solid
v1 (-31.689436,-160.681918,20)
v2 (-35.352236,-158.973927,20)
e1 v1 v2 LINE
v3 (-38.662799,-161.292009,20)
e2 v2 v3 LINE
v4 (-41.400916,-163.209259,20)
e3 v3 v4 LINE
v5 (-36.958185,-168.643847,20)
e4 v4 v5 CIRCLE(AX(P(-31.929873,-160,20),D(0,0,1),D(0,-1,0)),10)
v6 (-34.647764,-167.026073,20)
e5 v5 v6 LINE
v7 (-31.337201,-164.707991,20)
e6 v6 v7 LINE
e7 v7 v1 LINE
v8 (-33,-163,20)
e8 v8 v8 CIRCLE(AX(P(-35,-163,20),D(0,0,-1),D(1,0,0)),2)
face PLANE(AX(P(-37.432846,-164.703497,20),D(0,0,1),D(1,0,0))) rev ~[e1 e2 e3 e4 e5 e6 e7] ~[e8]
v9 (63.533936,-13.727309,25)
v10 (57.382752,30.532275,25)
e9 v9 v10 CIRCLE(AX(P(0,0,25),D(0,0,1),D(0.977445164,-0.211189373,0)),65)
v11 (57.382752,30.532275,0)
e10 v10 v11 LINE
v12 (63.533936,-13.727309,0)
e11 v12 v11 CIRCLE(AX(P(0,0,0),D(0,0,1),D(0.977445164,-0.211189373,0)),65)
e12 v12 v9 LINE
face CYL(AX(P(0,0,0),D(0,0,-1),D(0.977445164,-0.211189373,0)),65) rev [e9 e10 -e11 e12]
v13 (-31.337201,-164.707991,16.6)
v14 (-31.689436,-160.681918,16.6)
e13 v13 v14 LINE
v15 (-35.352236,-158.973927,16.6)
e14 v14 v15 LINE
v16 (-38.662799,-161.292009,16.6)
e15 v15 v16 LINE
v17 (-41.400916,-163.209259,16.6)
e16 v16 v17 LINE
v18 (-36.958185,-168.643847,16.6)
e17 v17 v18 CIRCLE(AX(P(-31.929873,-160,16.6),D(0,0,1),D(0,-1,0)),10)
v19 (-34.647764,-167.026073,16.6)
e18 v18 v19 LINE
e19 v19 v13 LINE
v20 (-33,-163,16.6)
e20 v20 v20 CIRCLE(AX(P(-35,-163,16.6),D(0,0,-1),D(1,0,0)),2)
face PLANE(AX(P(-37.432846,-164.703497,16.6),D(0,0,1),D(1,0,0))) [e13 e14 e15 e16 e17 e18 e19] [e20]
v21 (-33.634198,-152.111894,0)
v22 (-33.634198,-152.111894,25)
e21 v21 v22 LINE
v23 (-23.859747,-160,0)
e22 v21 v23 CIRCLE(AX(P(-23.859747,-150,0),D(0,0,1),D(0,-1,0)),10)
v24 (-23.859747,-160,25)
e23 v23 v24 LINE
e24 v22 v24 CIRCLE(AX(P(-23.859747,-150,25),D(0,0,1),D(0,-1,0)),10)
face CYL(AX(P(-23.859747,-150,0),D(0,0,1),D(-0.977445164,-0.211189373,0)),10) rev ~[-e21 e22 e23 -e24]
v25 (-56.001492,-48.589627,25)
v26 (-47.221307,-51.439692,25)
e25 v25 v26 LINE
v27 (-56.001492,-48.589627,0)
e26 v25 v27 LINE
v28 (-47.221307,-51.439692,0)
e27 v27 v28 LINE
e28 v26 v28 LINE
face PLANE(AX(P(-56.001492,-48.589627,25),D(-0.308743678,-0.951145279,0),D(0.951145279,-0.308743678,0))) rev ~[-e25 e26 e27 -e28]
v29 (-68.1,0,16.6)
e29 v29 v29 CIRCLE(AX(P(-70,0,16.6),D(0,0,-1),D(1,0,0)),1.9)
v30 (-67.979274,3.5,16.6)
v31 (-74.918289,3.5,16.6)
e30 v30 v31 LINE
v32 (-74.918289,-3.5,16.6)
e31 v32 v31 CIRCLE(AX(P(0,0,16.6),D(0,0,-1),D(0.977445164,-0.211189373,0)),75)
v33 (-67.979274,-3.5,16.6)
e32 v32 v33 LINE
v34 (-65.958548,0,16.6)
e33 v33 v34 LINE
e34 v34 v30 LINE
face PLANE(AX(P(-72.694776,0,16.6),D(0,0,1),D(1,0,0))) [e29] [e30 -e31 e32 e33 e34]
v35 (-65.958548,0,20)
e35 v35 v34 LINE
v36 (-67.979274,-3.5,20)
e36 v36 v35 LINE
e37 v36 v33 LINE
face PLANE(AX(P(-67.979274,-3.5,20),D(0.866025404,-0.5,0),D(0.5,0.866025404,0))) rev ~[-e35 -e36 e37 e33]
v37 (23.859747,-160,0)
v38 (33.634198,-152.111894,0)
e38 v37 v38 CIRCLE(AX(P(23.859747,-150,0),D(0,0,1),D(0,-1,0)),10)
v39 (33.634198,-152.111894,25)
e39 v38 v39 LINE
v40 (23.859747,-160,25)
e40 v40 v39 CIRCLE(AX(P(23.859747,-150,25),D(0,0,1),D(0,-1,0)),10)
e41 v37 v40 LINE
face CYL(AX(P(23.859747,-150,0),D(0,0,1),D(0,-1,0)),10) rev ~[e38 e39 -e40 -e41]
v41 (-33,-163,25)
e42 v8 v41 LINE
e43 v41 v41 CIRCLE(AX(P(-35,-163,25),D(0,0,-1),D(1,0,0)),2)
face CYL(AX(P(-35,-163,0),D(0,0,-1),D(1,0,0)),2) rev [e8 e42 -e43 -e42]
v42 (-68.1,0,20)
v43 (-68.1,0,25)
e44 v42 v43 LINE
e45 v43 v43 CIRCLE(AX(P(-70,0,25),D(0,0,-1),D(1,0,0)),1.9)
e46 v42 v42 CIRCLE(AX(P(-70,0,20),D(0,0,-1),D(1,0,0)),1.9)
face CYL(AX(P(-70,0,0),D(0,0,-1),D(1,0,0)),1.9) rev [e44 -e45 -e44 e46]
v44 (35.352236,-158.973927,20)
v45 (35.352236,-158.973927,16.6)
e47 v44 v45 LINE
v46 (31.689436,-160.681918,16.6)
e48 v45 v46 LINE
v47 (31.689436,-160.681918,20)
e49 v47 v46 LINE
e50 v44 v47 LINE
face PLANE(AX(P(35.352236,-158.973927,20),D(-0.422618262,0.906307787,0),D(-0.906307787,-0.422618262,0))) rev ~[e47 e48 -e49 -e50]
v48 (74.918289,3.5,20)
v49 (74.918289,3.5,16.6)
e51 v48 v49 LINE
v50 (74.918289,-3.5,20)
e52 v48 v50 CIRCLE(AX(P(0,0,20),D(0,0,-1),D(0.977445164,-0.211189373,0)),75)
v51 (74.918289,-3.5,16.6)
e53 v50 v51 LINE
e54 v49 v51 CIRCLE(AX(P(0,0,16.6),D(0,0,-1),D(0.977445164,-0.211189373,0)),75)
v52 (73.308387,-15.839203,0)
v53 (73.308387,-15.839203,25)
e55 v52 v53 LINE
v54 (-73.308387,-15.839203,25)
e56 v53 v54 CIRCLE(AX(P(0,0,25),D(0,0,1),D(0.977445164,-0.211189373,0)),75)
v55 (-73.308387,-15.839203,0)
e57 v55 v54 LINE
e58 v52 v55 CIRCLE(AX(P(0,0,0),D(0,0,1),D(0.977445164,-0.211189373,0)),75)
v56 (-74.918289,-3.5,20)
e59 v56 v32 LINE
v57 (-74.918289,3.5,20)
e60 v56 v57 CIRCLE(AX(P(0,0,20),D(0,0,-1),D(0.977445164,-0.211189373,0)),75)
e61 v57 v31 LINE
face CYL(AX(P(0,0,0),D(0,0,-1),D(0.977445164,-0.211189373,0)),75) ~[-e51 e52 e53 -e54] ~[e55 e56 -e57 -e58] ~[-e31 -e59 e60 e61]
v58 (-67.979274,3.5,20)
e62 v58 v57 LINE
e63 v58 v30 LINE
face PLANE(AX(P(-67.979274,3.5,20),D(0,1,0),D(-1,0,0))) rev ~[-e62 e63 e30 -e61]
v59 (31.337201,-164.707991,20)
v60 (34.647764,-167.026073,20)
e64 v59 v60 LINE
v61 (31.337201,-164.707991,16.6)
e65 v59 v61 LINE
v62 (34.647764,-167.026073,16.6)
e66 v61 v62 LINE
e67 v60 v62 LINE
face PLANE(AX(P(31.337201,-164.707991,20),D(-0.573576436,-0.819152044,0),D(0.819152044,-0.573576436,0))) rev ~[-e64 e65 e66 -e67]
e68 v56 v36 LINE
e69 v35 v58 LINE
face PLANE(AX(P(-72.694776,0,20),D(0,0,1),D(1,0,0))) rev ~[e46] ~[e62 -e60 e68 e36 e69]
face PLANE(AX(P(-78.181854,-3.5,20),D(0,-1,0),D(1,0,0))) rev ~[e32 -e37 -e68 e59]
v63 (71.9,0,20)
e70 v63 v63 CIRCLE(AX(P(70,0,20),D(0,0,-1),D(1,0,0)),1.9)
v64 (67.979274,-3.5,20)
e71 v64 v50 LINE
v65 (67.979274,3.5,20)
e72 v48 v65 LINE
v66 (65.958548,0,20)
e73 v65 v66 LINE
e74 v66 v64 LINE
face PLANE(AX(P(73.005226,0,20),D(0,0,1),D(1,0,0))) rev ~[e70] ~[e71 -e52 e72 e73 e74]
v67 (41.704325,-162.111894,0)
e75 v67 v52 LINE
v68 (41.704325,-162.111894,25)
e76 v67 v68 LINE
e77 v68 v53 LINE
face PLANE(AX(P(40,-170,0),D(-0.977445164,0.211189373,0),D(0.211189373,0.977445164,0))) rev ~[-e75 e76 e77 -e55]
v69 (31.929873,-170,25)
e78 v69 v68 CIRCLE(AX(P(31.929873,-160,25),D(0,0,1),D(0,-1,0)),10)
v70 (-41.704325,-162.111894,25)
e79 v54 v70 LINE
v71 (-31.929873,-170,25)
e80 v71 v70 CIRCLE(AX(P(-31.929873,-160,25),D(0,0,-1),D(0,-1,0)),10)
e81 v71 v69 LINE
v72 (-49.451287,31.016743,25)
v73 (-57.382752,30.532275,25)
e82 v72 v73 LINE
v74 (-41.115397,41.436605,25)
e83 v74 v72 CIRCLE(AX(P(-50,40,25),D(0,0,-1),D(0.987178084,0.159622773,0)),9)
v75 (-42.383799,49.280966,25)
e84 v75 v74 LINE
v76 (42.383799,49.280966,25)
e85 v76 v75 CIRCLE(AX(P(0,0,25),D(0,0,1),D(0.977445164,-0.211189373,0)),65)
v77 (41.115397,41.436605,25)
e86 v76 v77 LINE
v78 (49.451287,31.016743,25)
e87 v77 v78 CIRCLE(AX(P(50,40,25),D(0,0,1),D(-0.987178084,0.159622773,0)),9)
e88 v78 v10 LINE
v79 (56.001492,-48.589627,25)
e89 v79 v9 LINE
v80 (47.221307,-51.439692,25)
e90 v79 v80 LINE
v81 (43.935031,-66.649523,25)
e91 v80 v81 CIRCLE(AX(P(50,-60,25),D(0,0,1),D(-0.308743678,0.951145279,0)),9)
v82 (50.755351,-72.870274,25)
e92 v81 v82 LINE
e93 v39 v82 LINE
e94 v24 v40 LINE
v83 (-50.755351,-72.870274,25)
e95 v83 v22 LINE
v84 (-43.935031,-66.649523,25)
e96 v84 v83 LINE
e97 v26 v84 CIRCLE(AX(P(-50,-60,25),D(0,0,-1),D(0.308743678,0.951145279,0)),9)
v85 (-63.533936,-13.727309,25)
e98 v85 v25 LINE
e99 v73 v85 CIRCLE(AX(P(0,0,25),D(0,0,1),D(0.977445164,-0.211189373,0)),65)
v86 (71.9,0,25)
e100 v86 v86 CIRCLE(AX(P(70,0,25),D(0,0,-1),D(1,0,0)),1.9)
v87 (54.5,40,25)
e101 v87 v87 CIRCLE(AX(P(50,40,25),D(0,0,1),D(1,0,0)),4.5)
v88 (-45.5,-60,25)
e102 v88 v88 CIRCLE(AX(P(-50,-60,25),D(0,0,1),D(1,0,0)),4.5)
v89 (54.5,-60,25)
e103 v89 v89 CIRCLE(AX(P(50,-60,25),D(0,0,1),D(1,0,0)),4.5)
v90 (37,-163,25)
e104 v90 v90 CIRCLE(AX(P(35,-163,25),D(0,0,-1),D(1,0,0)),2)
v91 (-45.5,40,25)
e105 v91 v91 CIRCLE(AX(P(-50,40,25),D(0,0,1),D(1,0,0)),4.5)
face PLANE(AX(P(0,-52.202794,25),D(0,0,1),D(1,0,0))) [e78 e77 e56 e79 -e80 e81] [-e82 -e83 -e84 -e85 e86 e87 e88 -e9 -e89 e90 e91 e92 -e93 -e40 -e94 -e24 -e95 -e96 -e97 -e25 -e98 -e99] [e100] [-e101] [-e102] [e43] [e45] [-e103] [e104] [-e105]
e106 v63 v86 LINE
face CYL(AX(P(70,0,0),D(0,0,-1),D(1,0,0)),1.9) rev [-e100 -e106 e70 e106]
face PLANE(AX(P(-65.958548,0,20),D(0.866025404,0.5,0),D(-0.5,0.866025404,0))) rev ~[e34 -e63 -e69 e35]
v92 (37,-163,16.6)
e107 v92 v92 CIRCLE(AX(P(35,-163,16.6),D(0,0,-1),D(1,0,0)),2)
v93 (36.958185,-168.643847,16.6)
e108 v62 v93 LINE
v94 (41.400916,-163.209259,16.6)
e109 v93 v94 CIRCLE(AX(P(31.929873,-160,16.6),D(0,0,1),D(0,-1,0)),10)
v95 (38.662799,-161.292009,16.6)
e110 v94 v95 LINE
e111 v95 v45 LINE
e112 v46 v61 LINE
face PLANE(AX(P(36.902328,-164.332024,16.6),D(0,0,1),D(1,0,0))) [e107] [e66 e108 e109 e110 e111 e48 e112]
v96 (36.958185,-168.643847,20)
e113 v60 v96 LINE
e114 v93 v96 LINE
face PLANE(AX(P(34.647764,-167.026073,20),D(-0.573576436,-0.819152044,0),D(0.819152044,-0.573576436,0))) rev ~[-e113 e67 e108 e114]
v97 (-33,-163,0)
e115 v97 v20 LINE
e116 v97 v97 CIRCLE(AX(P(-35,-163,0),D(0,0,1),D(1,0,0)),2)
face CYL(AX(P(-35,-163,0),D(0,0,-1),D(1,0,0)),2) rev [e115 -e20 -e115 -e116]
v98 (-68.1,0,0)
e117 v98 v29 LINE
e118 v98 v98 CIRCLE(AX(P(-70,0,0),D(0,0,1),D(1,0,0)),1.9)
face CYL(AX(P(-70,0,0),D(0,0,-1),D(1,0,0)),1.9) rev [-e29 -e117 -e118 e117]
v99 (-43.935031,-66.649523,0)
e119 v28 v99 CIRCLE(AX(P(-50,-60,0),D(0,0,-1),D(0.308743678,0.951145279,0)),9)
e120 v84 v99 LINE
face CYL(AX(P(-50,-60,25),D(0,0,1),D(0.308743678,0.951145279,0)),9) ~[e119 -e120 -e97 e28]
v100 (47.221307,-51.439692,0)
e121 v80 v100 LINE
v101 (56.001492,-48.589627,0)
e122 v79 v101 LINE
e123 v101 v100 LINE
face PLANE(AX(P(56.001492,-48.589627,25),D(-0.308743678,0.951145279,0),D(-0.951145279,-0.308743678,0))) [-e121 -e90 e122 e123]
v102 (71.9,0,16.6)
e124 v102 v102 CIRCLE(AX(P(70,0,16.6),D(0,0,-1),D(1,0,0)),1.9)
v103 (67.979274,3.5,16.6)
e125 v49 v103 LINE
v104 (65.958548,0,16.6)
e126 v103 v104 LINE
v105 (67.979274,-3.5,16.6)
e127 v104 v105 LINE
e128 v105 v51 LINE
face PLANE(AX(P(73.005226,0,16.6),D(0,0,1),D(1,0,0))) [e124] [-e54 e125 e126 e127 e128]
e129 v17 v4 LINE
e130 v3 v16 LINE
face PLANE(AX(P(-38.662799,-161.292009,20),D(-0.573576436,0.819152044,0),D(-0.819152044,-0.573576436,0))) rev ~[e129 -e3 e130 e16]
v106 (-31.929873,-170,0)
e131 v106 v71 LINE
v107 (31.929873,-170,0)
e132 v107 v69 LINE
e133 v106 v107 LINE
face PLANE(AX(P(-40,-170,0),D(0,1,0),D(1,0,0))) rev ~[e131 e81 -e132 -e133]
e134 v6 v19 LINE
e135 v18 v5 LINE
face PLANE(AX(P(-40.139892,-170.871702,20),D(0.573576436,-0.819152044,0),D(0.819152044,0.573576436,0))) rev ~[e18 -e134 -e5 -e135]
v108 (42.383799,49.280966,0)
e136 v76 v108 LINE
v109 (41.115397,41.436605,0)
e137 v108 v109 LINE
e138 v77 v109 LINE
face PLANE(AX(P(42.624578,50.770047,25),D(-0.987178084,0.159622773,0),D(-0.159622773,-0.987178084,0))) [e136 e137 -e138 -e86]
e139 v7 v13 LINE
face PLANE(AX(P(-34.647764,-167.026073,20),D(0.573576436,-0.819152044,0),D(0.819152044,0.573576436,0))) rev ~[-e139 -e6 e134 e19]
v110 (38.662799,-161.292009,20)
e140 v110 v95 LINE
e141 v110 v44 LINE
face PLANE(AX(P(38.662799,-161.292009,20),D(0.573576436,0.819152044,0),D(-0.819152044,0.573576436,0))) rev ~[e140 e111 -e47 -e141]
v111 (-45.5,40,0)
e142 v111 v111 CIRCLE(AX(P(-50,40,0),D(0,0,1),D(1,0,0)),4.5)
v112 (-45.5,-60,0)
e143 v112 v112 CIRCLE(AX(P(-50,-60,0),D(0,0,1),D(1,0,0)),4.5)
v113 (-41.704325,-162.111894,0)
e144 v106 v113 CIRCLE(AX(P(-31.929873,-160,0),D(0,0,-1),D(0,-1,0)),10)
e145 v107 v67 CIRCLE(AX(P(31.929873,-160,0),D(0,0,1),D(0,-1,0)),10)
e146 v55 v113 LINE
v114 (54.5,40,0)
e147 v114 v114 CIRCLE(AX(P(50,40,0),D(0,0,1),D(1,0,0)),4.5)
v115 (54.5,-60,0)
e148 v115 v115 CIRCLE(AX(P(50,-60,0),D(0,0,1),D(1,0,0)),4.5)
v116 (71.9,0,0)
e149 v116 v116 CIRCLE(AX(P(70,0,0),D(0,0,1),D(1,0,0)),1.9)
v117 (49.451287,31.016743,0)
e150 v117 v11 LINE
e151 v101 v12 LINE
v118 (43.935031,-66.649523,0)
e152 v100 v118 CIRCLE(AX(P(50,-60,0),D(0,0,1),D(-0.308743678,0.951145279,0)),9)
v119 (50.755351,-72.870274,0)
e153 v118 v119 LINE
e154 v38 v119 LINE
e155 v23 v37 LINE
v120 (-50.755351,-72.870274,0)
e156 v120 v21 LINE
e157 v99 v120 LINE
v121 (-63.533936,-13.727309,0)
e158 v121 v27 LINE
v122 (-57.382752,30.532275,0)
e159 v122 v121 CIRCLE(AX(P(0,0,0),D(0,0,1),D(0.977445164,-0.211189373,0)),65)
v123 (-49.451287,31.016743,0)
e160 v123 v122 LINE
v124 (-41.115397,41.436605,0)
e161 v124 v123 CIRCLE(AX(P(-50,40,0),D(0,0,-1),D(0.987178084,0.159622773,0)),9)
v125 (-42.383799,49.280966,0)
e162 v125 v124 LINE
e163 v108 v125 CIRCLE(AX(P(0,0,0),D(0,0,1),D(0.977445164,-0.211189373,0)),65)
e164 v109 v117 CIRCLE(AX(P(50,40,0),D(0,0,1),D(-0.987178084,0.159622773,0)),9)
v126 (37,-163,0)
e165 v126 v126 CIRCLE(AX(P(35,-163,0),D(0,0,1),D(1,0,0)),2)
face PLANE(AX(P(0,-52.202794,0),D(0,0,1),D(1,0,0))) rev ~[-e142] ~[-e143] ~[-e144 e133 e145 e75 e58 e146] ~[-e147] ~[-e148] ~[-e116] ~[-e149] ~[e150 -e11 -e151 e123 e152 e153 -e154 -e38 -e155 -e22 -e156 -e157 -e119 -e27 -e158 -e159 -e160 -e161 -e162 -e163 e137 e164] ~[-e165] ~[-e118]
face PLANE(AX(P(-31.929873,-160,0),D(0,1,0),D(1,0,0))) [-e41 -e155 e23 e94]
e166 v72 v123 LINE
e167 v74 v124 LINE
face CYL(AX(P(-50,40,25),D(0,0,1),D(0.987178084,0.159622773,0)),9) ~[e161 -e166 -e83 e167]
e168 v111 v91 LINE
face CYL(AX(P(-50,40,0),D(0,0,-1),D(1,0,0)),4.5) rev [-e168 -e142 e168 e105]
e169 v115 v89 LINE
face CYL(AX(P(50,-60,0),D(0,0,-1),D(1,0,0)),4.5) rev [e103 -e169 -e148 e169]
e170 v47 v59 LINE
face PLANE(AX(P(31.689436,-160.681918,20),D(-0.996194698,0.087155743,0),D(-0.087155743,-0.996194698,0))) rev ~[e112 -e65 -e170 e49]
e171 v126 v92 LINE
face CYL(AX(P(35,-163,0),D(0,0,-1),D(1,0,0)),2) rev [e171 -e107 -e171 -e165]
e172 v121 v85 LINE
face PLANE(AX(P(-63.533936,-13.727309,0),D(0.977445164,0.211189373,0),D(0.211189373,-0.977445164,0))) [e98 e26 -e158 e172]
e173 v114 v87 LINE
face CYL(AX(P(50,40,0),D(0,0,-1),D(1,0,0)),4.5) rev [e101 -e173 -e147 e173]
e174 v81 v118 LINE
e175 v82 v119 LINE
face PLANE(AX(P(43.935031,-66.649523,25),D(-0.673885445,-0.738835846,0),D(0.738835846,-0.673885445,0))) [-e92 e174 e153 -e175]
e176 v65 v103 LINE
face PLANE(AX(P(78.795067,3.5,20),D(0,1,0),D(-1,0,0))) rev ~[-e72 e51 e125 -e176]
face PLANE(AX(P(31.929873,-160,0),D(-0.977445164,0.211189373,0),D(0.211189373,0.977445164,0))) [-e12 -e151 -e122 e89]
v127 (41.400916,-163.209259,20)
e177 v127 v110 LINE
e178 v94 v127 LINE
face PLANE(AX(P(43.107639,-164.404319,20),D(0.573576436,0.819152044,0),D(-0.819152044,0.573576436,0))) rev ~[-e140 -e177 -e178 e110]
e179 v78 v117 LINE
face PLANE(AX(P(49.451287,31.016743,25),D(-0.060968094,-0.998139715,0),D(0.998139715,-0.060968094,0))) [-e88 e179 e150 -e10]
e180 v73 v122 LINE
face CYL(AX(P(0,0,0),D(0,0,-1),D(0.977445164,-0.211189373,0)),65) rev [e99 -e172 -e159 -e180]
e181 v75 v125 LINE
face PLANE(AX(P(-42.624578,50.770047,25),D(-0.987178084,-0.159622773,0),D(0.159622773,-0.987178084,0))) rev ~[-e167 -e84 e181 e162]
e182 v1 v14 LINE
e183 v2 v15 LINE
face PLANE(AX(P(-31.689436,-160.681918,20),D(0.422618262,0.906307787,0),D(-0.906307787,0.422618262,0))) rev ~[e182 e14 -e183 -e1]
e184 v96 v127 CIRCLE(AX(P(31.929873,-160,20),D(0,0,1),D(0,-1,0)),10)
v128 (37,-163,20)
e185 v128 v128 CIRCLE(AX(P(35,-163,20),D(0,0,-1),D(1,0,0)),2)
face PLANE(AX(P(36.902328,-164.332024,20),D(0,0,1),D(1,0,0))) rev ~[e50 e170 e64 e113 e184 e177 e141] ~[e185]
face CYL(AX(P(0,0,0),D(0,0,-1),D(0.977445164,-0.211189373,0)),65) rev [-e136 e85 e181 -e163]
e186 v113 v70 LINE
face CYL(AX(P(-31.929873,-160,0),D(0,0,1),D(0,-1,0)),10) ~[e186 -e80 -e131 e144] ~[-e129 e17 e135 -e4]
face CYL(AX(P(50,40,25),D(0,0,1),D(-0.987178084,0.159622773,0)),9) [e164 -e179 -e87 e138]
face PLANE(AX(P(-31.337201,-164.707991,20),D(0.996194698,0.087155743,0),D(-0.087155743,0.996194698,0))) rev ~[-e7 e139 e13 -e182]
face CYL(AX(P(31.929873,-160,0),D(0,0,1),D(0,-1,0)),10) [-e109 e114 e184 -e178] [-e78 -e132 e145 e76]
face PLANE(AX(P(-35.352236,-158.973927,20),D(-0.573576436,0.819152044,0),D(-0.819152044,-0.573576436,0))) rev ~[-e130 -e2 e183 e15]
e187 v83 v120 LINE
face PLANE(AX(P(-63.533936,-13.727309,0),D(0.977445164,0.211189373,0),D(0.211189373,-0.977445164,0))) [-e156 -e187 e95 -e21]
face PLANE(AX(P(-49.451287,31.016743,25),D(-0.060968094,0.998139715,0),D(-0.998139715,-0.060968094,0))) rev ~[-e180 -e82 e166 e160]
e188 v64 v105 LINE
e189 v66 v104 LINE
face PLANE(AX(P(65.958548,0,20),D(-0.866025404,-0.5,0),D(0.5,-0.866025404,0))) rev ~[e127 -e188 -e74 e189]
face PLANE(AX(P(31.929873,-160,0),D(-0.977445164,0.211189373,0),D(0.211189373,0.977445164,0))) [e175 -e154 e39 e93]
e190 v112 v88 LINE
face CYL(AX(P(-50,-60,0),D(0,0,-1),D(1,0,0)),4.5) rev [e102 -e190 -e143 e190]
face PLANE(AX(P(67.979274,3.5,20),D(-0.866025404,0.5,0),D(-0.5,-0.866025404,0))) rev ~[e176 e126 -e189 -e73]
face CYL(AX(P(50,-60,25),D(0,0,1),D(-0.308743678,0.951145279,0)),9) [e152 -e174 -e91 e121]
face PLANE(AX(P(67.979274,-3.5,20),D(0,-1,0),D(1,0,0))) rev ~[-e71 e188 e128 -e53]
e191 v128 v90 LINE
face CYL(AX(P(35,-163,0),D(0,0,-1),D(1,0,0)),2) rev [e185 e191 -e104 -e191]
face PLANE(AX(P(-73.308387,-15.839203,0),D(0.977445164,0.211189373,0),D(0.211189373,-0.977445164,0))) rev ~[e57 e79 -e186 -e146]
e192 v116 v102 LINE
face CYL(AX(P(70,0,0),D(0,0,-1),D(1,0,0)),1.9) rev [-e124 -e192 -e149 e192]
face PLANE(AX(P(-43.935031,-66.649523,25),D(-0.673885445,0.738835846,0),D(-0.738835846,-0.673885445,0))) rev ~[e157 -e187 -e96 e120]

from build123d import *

# Parameters (mm, degrees)
BOSS_EXTRUDE1_DEPTH = 25
SKETCH1_R           = 1.9
SKETCH1_R_2         = 2
CUT_EXTRUDE2_DEPTH  = 188.483332593
FILLET1_R           = 10
CUT_EXTRUDE6_START  = -5
CUT_EXTRUDE6_DEPTH  = 3.4
BOSS_EXTRUDE2_DEPTH = 25
SKETCH5_R           = 4.5
CUT_EXTRUDE7_DEPTH  = 25


with BuildPart() as part:
    # Sketch2 → Boss-Extrude1 (new body)
    with BuildSketch(Plane.XY):
        with BuildLine():
            Line((-40, -170), (40, -170))
            Line((40, -170), (73.308387301, -15.839202988))
            ThreePointArc((73.308387301, -15.839202988), (0, 75), (-73.308387301, -15.839202988))
            Line((-73.308387301, -15.839202988), (-40, -170))
        make_face()
        with BuildLine():
            Line((-63.533935661, -13.727309256), (-31.929873349, -160))
            Line((-31.929873349, -160), (31.929873349, -160))
            Line((31.929873349, -160), (63.533935661, -13.727309256))
            ThreePointArc((63.533935661, -13.727309256), (0, 65), (-63.533935661, -13.727309256))
        make_face(mode=Mode.SUBTRACT)
    extrude(amount=BOSS_EXTRUDE1_DEPTH)

    # Sketch1 → Cut-Extrude2 (cut, through all)
    with BuildSketch(Plane.XY):
        with Locations((-70, 0)):
            Circle(SKETCH1_R)
        with Locations((70, 0)):
            Circle(SKETCH1_R)
        with Locations((-35, -163)):
            Circle(SKETCH1_R_2)
        with Locations((35, -163)):
            Circle(SKETCH1_R_2)
    extrude(amount=CUT_EXTRUDE2_DEPTH, mode=Mode.SUBTRACT)

    # Fillet1
    fillet1_edges = [part.edges().sort_by_distance(p)[0] for p in [
        (-31.929873349, -160, 12.5),
        (31.929873349, -160, 12.5),
        (40, -170, 12.5),
        (-40, -170, 12.5),
    ]]
    fillet(fillet1_edges, radius=FILLET1_R)

    # Sketch4 → Cut-Extrude6 (cut)
    with BuildSketch(Plane.XY.offset(25).offset(CUT_EXTRUDE6_START)):
        Polygon((-65.958548116, 0), (-67.979274058, 3.5), (-72.020725942, 3.5), (-78.181853636, 3.5), (-78.181853636, -3.5), (-72.020725942, -3.5), (-67.979274058, -3.5), align=None)
        Polygon((72.020725942, 3.5), (67.979274058, 3.5), (65.958548116, 0), (67.979274058, -3.5), (72.020725942, -3.5), (78.79506668, -3.5), (78.79506668, 3.5), align=None)
        Polygon((31.689436427, -160.681918431), (31.337200686, -164.70799137), (34.647764259, -167.02607294), (39.092604068, -170.13838328), (43.107639123, -164.40431897), (38.662799314, -161.29200863), (35.352235741, -158.97392706), align=None)
        Polygon((-34.647764259, -167.02607294), (-31.337200686, -164.70799137), (-31.689436427, -160.681918431), (-35.352235741, -158.97392706), (-38.662799314, -161.29200863), (-44.154927164, -165.137637951), (-40.139892109, -170.871702261), align=None)
    extrude(amount=-CUT_EXTRUDE6_DEPTH, mode=Mode.SUBTRACT)

    # Sketch6 → Boss-Extrude2 (add)
    with BuildSketch(Plane.XY.offset(25)):
        with BuildLine():
            Line((-50.755351044, -72.870274401), (-56.001491632, -48.589626801))
            Line((-56.001491632, -48.589626801), (-47.2213069, -51.43969249))
            ThreePointArc((-47.2213069, -51.43969249), (-41.202993524, -58.099295641), (-43.935030997, -66.649522613))
            Line((-43.935030997, -66.649522613), (-50.755351044, -72.870274401))
        make_face()
        with BuildLine():
            Line((43.935030997, -66.649522613), (50.755351044, -72.870274401))
            Line((50.755351044, -72.870274401), (56.001491632, -48.589626801))
            Line((56.001491632, -48.589626801), (47.2213069, -51.43969249))
            ThreePointArc((47.2213069, -51.43969249), (41.202993524, -58.099295641), (43.935030997, -66.649522613))
        make_face()
        with BuildLine():
            Line((-58.888367545, 30.440309427), (-42.624577683, 50.770046755))
            Line((-42.624577683, 50.770046755), (-41.11539724, 41.436604954))
            ThreePointArc((-41.11539724, 41.436604954), (-42.972180715, 34.377744572), (-49.451287154, 31.016742561))
            Line((-49.451287154, 31.016742561), (-58.888367545, 30.440309427))
        make_face()
        with BuildLine():
            Line((49.451287154, 31.016742561), (58.888367545, 30.440309427))
            Line((58.888367545, 30.440309427), (42.624577683, 50.770046755))
            Line((42.624577683, 50.770046755), (41.11539724, 41.436604954))
            ThreePointArc((41.11539724, 41.436604954), (42.972180715, 34.377744572), (49.451287154, 31.016742561))
        make_face()
    extrude(amount=-BOSS_EXTRUDE2_DEPTH)

    # Sketch5 → Cut-Extrude7 (cut)
    with BuildSketch(Plane.XY):
        with Locations((50, -60)):
            Circle(SKETCH5_R)
        with Locations((-50, -60)):
            Circle(SKETCH5_R)
        with Locations((-50, 40)):
            Circle(SKETCH5_R)
        with Locations((50, 40)):
            Circle(SKETCH5_R)
    extrude(amount=CUT_EXTRUDE7_DEPTH, mode=Mode.SUBTRACT)


solid = part.part
